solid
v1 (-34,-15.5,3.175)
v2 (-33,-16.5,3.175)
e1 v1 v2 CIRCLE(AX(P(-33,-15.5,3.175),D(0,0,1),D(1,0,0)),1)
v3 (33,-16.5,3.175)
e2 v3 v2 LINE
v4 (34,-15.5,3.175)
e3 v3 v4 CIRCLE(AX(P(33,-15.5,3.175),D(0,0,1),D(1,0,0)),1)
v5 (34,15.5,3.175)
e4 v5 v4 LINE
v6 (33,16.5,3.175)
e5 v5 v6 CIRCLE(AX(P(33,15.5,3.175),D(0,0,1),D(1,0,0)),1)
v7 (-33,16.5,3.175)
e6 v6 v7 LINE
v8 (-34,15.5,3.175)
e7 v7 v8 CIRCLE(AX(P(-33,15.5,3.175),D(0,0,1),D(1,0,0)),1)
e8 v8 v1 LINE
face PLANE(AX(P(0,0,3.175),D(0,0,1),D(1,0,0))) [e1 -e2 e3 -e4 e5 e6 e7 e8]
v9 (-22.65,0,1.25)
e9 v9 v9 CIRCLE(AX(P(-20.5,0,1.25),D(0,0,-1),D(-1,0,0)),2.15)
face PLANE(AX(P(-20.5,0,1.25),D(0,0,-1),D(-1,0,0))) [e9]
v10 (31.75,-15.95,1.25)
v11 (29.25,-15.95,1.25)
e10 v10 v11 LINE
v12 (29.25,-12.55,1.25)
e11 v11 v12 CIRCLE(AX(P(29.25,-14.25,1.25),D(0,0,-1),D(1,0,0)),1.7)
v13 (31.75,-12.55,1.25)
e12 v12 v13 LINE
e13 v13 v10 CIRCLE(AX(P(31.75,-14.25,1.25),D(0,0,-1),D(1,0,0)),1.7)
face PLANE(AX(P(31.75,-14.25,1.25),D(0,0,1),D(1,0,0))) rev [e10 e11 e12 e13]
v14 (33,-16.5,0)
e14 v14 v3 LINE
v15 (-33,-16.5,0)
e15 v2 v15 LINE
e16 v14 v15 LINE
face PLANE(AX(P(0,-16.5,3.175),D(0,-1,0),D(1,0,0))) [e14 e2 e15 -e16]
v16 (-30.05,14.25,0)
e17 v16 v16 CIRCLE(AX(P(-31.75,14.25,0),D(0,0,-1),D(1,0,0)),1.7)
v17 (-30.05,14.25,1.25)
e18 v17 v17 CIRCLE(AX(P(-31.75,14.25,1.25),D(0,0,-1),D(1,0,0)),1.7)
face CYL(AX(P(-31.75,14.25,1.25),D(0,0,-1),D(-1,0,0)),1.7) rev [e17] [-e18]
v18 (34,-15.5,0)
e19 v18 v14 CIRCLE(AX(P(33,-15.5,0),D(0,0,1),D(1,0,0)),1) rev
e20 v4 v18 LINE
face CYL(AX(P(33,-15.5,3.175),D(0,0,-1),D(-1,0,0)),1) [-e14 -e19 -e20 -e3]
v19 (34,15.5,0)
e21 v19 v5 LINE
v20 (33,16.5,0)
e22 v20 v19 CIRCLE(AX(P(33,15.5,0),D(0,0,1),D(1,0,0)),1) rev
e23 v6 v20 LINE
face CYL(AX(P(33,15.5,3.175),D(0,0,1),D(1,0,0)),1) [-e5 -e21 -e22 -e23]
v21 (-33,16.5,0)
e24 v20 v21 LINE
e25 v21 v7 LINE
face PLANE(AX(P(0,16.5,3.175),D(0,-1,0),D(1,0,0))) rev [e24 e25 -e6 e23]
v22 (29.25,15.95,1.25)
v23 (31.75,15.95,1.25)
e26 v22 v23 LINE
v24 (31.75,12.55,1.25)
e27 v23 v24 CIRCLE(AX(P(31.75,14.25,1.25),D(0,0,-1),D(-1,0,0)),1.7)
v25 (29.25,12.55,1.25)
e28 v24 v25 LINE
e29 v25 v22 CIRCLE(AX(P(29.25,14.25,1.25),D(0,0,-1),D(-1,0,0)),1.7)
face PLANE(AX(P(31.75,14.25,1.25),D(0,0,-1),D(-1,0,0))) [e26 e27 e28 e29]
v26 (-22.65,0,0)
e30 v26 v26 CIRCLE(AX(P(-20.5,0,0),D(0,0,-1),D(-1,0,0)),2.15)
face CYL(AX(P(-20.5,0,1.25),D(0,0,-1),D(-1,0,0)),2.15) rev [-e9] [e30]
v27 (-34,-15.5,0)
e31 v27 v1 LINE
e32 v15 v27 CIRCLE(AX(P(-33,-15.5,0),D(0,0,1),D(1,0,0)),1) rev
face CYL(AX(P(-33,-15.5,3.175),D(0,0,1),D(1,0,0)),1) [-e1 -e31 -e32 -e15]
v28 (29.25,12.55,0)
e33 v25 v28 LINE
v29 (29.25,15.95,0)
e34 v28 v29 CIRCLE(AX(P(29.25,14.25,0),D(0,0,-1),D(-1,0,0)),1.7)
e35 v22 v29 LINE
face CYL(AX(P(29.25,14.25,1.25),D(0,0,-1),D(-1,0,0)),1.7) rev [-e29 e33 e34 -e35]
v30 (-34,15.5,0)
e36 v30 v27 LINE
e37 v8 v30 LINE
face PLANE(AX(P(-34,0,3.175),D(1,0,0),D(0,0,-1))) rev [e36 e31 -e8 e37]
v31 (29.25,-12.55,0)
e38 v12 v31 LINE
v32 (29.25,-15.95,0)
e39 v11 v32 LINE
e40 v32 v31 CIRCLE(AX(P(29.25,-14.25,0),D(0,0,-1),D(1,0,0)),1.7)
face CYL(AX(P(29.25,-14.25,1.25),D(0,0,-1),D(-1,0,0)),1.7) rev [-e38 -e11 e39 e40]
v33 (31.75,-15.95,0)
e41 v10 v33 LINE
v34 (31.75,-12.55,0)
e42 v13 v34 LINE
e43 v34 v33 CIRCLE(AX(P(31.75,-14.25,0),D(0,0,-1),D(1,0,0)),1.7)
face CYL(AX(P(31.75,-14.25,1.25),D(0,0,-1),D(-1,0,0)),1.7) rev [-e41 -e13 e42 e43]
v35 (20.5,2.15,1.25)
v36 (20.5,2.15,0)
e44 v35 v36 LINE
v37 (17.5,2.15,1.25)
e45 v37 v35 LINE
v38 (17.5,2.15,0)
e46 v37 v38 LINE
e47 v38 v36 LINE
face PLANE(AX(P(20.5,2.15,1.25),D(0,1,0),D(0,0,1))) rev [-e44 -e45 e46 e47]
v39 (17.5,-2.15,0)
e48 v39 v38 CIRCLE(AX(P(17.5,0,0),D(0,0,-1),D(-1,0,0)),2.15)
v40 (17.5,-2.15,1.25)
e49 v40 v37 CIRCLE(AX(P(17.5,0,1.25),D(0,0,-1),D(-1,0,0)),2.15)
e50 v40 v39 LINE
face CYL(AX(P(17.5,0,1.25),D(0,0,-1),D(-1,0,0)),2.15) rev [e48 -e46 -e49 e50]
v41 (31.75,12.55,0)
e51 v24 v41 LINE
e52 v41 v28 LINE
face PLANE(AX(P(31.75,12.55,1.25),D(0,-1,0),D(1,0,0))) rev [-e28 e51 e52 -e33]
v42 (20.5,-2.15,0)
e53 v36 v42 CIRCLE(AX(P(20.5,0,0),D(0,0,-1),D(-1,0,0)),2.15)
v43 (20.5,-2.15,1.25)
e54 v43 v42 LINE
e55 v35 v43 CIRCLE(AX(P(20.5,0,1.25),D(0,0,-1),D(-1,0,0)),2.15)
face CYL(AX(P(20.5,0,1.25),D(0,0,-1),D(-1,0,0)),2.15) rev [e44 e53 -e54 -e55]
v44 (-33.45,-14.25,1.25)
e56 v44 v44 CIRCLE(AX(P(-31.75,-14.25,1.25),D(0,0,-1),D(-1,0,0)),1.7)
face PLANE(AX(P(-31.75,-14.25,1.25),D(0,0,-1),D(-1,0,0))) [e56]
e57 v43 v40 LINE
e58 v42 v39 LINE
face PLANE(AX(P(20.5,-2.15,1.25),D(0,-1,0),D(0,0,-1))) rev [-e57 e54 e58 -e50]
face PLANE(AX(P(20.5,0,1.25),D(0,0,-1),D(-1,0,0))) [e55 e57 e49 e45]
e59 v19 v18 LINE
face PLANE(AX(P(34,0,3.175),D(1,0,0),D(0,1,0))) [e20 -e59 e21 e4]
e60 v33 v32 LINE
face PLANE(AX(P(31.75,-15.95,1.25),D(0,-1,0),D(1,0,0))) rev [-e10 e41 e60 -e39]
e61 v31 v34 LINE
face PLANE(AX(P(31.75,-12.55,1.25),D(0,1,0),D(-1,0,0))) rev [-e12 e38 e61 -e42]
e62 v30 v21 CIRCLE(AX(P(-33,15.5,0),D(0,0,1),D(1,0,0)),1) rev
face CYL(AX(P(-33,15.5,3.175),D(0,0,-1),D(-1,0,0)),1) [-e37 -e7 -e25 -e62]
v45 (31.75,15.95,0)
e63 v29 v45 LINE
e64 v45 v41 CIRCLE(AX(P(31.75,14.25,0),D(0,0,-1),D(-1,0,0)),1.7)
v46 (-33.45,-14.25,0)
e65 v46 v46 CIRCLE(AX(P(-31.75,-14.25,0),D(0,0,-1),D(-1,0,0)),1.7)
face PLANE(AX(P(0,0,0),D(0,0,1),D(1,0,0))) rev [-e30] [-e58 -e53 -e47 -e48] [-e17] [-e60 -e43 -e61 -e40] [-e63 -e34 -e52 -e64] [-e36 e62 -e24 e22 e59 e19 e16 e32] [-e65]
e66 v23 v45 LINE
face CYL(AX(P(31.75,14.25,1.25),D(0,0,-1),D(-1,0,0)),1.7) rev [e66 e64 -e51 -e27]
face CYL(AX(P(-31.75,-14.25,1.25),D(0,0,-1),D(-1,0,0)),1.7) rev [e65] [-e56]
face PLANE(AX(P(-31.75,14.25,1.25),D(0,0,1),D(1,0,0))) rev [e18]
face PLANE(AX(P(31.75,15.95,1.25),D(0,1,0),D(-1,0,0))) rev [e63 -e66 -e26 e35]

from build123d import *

# Parameters (mm, degrees)
SKETCH1_W           = 68
SKETCH1_H           = 33
BOSS_EXTRUDE1_DEPTH = 3.175
FILLET1_R           = 1
SKETCH2_R           = 2.15
SKETCH2_R_2         = 1.7
CUT_EXTRUDE2_DEPTH  = 1.25


with BuildPart() as part:
    # Sketch1 → Boss-Extrude1 (new body)
    with BuildSketch(Plane.XY):
        Rectangle(SKETCH1_W, SKETCH1_H)
    extrude(amount=BOSS_EXTRUDE1_DEPTH)

    # Fillet1
    fillet1_edges = [part.edges().sort_by_distance(p)[0] for p in [
        (34, 16.5, 1.5875),
        (34, -16.5, 1.5875),
        (-34, -16.5, 1.5875),
        (-34, 16.5, 1.5875),
    ]]
    fillet(fillet1_edges, radius=FILLET1_R)

    # Sketch2 → Cut-Extrude2 (cut)
    with BuildSketch(Plane(origin=(0, 0, 0), x_dir=(-1, 0, 0), z_dir=(0, 0, -1))):
        with Locations((20.5, 0)):
            Circle(SKETCH2_R)
        with Locations((31.75, -14.25)):
            Circle(SKETCH2_R_2)
        with Locations(Location((31.75, 14.25, 0), (0, 0, 180))):
            Circle(SKETCH2_R_2)
        with BuildLine():
            Line((-31.75, 15.95), (-29.25, 15.95))
            ThreePointArc((-29.25, 15.95), (-27.55, 14.25), (-29.25, 12.55))
            Line((-29.25, 12.55), (-31.75, 12.55))
            ThreePointArc((-31.75, 12.55), (-33.45, 14.25), (-31.75, 15.95))
        make_face()
        with BuildLine():
            Line((-31.75, -15.95), (-29.25, -15.95))
            ThreePointArc((-29.25, -15.95), (-27.55, -14.25), (-29.25, -12.55))
            Line((-29.25, -12.55), (-31.75, -12.55))
            ThreePointArc((-31.75, -12.55), (-33.45, -14.25), (-31.75, -15.95))
        make_face()
        with BuildLine():
            Line((-20.5, 2.15), (-17.5, 2.15))
            ThreePointArc((-17.5, 2.15), (-15.35, 0), (-17.5, -2.15))
            Line((-17.5, -2.15), (-20.5, -2.15))
            ThreePointArc((-20.5, -2.15), (-22.65, 0), (-20.5, 2.15))
        make_face()
    extrude(amount=-CUT_EXTRUDE2_DEPTH, mode=Mode.SUBTRACT)


solid = part.part
